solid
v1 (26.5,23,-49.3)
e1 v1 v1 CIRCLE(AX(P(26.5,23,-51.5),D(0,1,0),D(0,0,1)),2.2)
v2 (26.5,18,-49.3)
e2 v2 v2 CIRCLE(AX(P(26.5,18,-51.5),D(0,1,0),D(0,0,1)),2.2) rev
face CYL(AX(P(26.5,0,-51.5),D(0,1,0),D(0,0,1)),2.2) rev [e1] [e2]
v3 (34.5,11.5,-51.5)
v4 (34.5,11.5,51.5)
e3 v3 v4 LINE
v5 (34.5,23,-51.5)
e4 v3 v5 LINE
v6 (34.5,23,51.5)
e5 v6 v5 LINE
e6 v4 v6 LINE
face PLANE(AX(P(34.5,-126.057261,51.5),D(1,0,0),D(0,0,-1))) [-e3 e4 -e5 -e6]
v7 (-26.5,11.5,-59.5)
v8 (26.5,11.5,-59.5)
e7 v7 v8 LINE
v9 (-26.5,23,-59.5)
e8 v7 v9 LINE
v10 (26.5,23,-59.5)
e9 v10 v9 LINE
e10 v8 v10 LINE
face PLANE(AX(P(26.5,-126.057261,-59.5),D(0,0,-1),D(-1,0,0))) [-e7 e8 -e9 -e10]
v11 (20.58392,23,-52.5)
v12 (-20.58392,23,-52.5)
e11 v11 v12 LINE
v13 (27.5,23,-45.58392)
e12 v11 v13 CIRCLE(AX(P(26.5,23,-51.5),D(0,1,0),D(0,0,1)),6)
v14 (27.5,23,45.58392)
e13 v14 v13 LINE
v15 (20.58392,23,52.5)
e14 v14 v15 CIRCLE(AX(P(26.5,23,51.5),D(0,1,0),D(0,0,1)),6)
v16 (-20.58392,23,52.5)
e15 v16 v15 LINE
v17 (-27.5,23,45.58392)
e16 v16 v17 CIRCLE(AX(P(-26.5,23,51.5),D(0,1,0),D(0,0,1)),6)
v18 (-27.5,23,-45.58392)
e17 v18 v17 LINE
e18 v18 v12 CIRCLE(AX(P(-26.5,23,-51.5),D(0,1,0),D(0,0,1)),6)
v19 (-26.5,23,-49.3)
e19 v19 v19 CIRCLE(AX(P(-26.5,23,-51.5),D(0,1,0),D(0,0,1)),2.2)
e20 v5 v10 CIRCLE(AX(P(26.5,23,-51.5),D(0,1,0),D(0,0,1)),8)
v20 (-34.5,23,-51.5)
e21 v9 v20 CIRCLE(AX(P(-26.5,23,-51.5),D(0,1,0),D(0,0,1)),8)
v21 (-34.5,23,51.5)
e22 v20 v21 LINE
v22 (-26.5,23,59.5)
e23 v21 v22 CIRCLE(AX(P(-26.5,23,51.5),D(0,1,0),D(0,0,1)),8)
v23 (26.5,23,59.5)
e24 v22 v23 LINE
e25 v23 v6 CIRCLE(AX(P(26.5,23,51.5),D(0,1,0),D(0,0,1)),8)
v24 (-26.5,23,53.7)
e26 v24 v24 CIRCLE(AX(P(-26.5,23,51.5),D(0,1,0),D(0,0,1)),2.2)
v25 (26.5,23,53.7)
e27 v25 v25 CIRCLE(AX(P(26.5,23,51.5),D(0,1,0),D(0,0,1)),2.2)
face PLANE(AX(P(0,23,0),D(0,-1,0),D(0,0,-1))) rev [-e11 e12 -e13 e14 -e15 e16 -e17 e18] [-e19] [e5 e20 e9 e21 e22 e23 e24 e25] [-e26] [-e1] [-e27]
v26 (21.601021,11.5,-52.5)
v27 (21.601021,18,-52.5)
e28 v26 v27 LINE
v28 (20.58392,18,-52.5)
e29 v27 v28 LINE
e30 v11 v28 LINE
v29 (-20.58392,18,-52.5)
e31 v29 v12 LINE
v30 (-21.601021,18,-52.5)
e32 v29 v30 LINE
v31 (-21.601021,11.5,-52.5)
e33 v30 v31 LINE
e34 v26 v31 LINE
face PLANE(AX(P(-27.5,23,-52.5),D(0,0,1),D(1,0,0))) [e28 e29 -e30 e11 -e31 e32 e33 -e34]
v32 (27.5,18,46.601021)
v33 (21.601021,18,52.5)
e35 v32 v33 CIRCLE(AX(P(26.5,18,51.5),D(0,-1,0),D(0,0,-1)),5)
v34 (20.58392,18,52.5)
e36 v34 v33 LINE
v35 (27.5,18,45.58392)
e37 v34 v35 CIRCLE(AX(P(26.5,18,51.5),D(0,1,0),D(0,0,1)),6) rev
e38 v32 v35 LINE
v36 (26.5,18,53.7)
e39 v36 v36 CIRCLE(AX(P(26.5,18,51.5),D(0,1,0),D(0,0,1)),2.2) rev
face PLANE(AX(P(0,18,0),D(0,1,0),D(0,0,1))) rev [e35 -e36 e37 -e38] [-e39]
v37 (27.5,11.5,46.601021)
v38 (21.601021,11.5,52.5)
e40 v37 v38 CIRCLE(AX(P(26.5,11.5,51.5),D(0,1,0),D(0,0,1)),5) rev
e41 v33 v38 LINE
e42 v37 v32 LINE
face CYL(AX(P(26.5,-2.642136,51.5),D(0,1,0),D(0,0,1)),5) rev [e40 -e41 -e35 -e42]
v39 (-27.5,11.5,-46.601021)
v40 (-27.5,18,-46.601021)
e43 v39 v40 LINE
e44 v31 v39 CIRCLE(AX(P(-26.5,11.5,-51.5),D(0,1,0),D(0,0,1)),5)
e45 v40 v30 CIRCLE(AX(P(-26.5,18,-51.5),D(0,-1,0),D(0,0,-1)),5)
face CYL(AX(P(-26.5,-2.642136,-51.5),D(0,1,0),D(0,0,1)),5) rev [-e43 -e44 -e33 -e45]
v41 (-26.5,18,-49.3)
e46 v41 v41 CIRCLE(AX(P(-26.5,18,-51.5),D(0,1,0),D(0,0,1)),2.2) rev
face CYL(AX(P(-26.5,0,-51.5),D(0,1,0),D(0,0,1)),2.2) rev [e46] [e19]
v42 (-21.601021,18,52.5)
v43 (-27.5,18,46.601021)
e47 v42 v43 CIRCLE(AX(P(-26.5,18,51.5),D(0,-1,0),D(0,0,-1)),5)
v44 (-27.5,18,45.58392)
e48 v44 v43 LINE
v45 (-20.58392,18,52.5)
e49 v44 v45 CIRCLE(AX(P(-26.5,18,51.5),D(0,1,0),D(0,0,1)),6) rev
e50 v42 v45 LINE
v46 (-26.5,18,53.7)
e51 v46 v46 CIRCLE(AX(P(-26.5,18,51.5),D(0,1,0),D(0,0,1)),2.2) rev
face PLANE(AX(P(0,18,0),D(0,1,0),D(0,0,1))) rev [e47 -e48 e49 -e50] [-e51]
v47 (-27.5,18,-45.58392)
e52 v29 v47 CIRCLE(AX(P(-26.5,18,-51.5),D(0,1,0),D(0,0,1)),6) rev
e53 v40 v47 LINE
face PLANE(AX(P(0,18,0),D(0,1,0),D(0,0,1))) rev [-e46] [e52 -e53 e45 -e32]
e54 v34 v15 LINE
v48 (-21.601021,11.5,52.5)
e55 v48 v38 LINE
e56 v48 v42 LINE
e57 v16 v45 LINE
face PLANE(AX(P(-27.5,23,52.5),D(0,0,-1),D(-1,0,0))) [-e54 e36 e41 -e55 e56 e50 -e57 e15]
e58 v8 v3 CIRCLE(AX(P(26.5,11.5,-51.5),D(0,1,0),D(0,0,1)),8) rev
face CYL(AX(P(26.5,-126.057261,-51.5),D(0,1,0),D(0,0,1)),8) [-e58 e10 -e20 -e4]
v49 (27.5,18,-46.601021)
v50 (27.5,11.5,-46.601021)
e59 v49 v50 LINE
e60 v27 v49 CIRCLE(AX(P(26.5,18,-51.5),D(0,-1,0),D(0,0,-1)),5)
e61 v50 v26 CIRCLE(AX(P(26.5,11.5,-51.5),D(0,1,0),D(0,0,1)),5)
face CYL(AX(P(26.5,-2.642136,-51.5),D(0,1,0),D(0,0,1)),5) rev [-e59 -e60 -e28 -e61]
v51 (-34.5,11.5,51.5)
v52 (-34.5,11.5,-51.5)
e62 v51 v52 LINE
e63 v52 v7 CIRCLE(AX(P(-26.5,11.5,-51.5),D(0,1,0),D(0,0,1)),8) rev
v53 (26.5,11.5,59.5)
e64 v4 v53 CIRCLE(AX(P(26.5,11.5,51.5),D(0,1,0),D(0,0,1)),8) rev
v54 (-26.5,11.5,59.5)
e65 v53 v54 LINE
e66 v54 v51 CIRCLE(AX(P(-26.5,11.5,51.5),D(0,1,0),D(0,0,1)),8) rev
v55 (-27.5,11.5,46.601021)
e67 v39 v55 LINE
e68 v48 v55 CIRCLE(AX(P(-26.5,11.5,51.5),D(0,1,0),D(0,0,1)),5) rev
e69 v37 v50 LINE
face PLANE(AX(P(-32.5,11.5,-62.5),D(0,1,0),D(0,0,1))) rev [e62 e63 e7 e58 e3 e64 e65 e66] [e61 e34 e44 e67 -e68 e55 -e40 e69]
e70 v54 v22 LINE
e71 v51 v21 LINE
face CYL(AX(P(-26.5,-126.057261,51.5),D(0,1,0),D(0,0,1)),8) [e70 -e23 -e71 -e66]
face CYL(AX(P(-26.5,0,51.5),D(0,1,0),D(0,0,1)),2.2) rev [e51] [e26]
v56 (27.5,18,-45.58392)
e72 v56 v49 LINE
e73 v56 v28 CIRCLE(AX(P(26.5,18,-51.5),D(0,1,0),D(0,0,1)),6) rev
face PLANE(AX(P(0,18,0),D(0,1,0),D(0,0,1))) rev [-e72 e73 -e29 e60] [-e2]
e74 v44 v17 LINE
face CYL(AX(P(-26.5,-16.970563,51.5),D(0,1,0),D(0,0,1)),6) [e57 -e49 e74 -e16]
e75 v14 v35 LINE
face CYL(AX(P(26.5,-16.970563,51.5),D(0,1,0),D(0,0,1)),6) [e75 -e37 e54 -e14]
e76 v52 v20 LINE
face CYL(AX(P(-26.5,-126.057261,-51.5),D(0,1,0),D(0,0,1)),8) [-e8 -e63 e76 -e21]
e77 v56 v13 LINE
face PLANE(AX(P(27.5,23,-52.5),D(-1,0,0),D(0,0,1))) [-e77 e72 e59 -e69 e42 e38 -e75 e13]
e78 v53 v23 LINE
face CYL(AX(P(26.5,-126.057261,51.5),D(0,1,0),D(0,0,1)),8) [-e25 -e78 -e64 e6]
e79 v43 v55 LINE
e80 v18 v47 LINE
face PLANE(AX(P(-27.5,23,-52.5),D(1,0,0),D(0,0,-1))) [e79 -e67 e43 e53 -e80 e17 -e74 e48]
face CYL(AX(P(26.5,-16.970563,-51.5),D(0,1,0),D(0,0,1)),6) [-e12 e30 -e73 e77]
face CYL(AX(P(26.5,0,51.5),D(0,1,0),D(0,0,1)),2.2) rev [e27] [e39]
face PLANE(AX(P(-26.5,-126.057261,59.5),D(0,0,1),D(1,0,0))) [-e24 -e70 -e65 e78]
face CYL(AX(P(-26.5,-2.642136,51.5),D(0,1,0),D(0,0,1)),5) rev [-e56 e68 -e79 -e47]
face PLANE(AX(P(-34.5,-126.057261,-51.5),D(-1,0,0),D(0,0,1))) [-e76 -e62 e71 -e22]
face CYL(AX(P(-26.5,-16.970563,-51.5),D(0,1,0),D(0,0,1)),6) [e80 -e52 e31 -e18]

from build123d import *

# Parameters (mm, degrees)
SKETCH1_W           = 65
SKETCH1_H           = 115
SKETCH1_W_2         = 55
SKETCH1_H_2         = 105
BOSS_EXTRUDE1_DEPTH = 23
FILLET1_R           = 6
SKETCH2_R           = 6
BOSS_EXTRUDE2_DEPTH = 23
SKETCH4_R           = 2.2
CUT_EXTRUDE1_DEPTH  = 23
SKETCH7_W           = 55
SKETCH7_H           = 105
CUT_EXTRUDE2_DEPTH  = 13
SKETCH8_W           = 65
SKETCH8_H           = 11.5
CUT_EXTRUDE3_DEPTH  = 120
SKETCH9_R           = 5
CUT_EXTRUDE4_DEPTH  = 6.5
BOSS_EXTRUDE3_DEPTH = 11.5


with BuildPart() as part:
    # Sketch1 → Boss-Extrude1 (new body)
    with BuildSketch(Plane(origin=(0, 0, 0), x_dir=(1, 0, 0), z_dir=(0, 1, 0))):
        Rectangle(SKETCH1_W, SKETCH1_H)
        Rectangle(SKETCH1_W_2, SKETCH1_H_2, mode=Mode.SUBTRACT)
    extrude(amount=BOSS_EXTRUDE1_DEPTH)

    # Fillet1
    fillet1_edges = [part.edges().sort_by_distance(p)[0] for p in [
        (32.5, 11.5, 57.5),
        (-32.5, 11.5, 57.5),
        (-32.5, 11.5, -57.5),
        (32.5, 11.5, -57.5),
    ]]
    fillet(fillet1_edges, radius=FILLET1_R)

    # Sketch2 → Boss-Extrude2 (add)
    with BuildSketch(Plane(origin=(0, 23, 0), x_dir=(1, 0, 0), z_dir=(0, 1, 0))):
        with Locations((-26.5, 51.5)):
            Circle(SKETCH2_R)
        with Locations((26.5, 51.5)):
            Circle(SKETCH2_R)
        with Locations((-26.5, -51.5)):
            Circle(SKETCH2_R)
        with Locations((26.5, -51.5)):
            Circle(SKETCH2_R)
    extrude(amount=-BOSS_EXTRUDE2_DEPTH)

    # Sketch4 → Cut-Extrude1 (cut)
    with BuildSketch(Plane(origin=(0, 23, 0), x_dir=(1, 0, 0), z_dir=(0, 1, 0))):
        with Locations(Location((-26.5, 51.5, 0), (0, 0, 270))):
            Circle(SKETCH4_R)
        with Locations(Location((26.5, 51.5, 0), (0, 0, 270))):
            Circle(SKETCH4_R)
        with Locations(Location((26.5, -51.5, 0), (0, 0, 270))):
            Circle(SKETCH4_R)
        with Locations(Location((-26.5, -51.5, 0), (0, 0, 270))):
            Circle(SKETCH4_R)
    extrude(amount=-CUT_EXTRUDE1_DEPTH, mode=Mode.SUBTRACT)

    # Sketch7 → Cut-Extrude2 (cut)
    with BuildSketch(Plane(origin=(0, 18, 0), x_dir=(1, 0, 0), z_dir=(0, 1, 0))):
        Rectangle(SKETCH7_W, SKETCH7_H)
    extrude(amount=-CUT_EXTRUDE2_DEPTH, mode=Mode.SUBTRACT)

    # Sketch8 → Cut-Extrude3 (cut)
    with BuildSketch(Plane.XY.offset(57.5)):
        with Locations((0, 5.75)):
            Rectangle(SKETCH8_W, SKETCH8_H)
    extrude(amount=-CUT_EXTRUDE3_DEPTH, mode=Mode.SUBTRACT)

    # Sketch9 → Cut-Extrude4 (cut)
    with BuildSketch(Plane.XZ.offset(-18)):
        with Locations((-26.5, -51.5)):
            Circle(SKETCH9_R)
        with Locations((26.5, -51.5)):
            Circle(SKETCH9_R)
        with Locations((26.5, 51.5)):
            Circle(SKETCH9_R)
        with Locations((-26.5, 51.5)):
            Circle(SKETCH9_R)
    extrude(amount=CUT_EXTRUDE4_DEPTH, mode=Mode.SUBTRACT)

    # Sketch10 → Boss-Extrude3 (add)
    with BuildSketch(Plane(origin=(0, 23, 0), x_dir=(1, 0, 0), z_dir=(0, 1, 0))):
        with BuildLine():
            Line((-26.5, -59.5), (26.5, -59.5))
            ThreePointArc((26.5, -59.5), (32.156854249, -57.156854249), (34.5, -51.5))
            Line((34.5, -51.5), (34.5, 51.5))
            ThreePointArc((34.5, 51.5), (32.156854249, 57.156854249), (26.5, 59.5))
            Line((26.5, 59.5), (-26.5, 59.5))
            ThreePointArc((-26.5, 59.5), (-32.156854249, 57.156854249), (-34.5, 51.5))
            Line((-34.5, 51.5), (-34.5, -51.5))
            ThreePointArc((-34.5, -51.5), (-32.156854249, -57.156854249), (-26.5, -59.5))
        make_face()
        with BuildLine():
            Line((-26.5, -57.5), (26.5, -57.5))
            ThreePointArc((26.5, -57.5), (30.742640687, -55.742640687), (32.5, -51.5))
            Line((32.5, -51.5), (32.5, 51.5))
            ThreePointArc((32.5, 51.5), (30.742640687, 55.742640687), (26.5, 57.5))
            Line((26.5, 57.5), (-26.5, 57.5))
            ThreePointArc((-26.5, 57.5), (-30.742640687, 55.742640687), (-32.5, 51.5))
            Line((-32.5, 51.5), (-32.5, -51.5))
            ThreePointArc((-32.5, -51.5), (-30.742640687, -55.742640687), (-26.5, -57.5))
        make_face(mode=Mode.SUBTRACT)
    extrude(amount=-BOSS_EXTRUDE3_DEPTH)


solid = part.part
